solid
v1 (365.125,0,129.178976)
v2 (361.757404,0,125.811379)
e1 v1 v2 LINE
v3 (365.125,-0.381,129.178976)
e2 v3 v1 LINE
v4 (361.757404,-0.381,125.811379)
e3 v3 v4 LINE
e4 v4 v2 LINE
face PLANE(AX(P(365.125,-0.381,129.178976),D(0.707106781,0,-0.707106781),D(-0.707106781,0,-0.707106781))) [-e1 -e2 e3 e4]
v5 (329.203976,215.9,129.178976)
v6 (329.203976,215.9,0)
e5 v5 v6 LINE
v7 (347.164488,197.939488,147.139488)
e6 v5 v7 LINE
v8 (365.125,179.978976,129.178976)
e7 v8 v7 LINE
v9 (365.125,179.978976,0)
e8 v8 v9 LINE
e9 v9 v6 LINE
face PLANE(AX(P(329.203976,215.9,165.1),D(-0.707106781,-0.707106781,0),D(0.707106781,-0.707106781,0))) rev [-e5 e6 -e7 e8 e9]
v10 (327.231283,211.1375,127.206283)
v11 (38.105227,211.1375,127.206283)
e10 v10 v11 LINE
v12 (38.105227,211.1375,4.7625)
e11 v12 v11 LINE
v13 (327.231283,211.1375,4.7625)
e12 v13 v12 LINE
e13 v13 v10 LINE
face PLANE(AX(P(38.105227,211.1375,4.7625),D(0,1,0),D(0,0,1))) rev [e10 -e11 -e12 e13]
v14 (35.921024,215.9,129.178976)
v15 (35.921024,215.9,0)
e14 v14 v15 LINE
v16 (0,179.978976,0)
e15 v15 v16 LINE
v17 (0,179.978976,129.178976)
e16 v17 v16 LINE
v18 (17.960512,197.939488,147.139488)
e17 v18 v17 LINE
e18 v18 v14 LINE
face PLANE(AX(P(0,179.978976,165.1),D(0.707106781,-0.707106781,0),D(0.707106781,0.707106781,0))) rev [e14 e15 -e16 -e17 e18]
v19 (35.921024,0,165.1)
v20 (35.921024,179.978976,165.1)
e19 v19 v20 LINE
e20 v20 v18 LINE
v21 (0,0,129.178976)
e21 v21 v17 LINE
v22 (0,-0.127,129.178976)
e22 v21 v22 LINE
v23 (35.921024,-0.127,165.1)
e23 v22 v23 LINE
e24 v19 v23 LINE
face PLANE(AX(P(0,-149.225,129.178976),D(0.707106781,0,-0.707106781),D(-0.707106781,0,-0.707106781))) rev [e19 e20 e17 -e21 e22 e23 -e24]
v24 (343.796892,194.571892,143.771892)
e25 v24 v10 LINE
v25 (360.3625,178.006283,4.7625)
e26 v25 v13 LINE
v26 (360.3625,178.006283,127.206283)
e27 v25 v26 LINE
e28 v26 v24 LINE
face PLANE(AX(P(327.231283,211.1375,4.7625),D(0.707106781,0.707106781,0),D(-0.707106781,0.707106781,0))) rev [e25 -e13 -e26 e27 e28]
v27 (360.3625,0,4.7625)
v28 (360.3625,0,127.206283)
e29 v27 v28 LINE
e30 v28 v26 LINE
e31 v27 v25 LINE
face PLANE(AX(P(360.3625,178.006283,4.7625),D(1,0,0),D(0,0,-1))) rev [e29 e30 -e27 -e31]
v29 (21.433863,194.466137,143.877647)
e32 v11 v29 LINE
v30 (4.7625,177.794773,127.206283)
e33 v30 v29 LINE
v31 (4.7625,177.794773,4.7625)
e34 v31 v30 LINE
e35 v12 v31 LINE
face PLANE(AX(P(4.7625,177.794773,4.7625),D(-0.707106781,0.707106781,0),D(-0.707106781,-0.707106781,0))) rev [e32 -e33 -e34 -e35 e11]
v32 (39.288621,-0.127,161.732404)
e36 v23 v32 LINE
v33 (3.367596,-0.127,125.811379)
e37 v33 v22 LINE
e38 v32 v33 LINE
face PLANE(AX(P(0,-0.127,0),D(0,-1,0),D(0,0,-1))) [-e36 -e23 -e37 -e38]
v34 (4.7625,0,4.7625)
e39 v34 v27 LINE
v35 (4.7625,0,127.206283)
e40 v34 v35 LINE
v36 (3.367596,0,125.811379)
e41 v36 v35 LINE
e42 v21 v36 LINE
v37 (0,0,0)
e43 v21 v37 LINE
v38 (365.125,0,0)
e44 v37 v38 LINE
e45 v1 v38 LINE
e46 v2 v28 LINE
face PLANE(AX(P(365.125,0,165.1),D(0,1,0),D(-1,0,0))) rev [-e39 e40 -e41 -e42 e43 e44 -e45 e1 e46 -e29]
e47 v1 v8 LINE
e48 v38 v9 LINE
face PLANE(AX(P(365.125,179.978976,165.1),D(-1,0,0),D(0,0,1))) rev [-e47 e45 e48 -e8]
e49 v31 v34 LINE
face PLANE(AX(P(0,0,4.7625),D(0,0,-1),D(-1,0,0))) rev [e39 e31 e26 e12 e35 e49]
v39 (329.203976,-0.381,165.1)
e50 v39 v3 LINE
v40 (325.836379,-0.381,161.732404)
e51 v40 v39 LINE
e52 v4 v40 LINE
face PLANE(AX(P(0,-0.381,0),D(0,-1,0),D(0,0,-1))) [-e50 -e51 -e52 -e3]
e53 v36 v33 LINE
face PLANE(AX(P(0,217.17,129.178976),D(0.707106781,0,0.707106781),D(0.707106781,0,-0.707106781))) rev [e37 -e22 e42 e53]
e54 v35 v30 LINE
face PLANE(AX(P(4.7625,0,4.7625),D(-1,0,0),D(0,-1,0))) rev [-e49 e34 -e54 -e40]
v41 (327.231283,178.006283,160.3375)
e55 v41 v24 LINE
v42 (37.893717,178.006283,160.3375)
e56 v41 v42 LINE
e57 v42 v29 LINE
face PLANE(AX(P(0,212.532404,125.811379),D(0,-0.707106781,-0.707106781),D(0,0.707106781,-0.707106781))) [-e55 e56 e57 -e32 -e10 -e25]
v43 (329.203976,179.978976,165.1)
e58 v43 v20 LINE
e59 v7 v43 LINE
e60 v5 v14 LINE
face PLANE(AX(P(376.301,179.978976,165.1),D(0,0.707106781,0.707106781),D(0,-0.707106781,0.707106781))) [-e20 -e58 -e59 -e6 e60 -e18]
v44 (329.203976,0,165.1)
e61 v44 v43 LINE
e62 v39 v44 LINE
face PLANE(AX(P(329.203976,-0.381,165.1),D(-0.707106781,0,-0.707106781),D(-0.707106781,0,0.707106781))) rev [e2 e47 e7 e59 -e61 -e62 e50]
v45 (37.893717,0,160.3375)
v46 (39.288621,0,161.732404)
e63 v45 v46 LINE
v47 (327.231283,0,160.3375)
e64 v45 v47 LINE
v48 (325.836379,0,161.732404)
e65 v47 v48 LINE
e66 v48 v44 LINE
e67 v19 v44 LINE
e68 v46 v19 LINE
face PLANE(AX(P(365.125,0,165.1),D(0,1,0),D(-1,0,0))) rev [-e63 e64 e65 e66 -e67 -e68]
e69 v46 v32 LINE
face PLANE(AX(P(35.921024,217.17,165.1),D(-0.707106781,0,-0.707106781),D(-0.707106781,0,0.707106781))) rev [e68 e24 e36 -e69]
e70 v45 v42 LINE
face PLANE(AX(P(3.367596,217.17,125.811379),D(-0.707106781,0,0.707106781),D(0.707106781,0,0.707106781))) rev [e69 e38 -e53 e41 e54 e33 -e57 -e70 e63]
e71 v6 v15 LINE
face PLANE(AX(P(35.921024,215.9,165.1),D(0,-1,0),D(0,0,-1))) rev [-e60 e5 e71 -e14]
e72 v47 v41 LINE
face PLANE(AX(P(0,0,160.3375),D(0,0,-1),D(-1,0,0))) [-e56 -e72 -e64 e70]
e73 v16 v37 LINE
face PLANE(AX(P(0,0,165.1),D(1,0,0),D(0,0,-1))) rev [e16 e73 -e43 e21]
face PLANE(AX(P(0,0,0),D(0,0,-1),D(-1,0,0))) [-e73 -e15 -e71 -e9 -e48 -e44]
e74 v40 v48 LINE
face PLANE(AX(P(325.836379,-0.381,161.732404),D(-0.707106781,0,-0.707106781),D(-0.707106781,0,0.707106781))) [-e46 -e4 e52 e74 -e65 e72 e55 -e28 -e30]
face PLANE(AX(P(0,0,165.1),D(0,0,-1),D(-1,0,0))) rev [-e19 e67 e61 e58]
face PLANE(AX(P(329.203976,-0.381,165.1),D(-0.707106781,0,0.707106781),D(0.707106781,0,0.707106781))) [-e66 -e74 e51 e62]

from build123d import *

# Parameters (mm, degrees)
BOSS_EXTRUDE3_DEPTH      = 165.1
CUT_EXTRUDE1_DEPTH       = 160.3375
BOSS_EXTRUDE4_DEPTH      = 4.7625
CUT_EXTRUDE2_DEPTH       = 11.176
CUT_EXTRUDE2_DEPTH_BACK  = 387.2865
BOSS_EXTRUDE5_DEPTH      = 365.125
CUT_EXTRUDE3_DEPTH       = 365.125
CUT_EXTRUDE4_DEPTH       = 365.125
BOSS_EXTRUDE6_DEPTH      = 1.27
BOSS_EXTRUDE6_DEPTH_BACK = 216.027
CUT_EXTRUDE5_DEPTH       = 398.907
CUT_EXTRUDE7_DEPTH       = 398.907
CUT_EXTRUDE8_DEPTH       = 216.281
BOSS_EXTRUDE7_DEPTH      = 216.281
CUT_EXTRUDE9_DEPTH       = 216.281
CUT_EXTRUDE10_DEPTH      = 2540


with BuildPart() as part:
    # Sketch13 → Boss-Extrude3 (new body)
    with BuildSketch(Plane.XY):
        Polygon((0, 0), (0, 179.978975516), (35.921024484, 215.9), (329.203975516, 215.9), (365.125, 179.978975516), (365.125, 0), align=None)
    extrude(amount=BOSS_EXTRUDE3_DEPTH)

    # Sketch14 → Cut-Extrude1 (cut)
    with BuildSketch(Plane.XY.offset(165.1)):
        Polygon((4.7625, 0), (4.7625, 177.794773237), (38.105226763, 211.1375), (327.231283425, 211.1375), (360.3625, 178.006283425), (360.3625, 0), align=None)
    extrude(amount=-CUT_EXTRUDE1_DEPTH, mode=Mode.SUBTRACT)

    # Sketch15 → Boss-Extrude4 (add)
    with BuildSketch(Plane.XY.offset(165.1)):
        Polygon((0, 0), (0, 179.978975516), (35.921024484, 215.9), (329.203975516, 215.9), (365.125, 179.978975516), (365.125, 0), align=None)
    extrude(amount=-BOSS_EXTRUDE4_DEPTH)

    # Sketch16 → Cut-Extrude2 (cut, two sides)
    with BuildSketch(Plane(origin=(365.125, 0, 0), x_dir=(0, 0, -1), z_dir=(1, 0, 0))) as cut_extrude2_sk:
        Polygon((-165.1, 179.978975516), (-129.178975516, 215.9), (-165.1, 215.9), align=None)
    extrude(amount=CUT_EXTRUDE2_DEPTH, mode=Mode.SUBTRACT)
    extrude(cut_extrude2_sk.sketch, amount=-CUT_EXTRUDE2_DEPTH_BACK, mode=Mode.SUBTRACT)

    # Sketch17 → Boss-Extrude5 (add)
    with BuildSketch(Plane(origin=(365.125, 0, 0), x_dir=(0, 0, -1), z_dir=(1, 0, 0))):
        Polygon((-165.1, 179.978975516), (-129.178975516, 215.9), (-125.81137947, 212.532403955), (-161.732403955, 176.61137947), align=None)
    extrude(amount=-BOSS_EXTRUDE5_DEPTH)

    # Sketch18 → Cut-Extrude3 (cut)
    with BuildSketch(Plane(origin=(0, 0, 0), x_dir=(-1, 0, 0), z_dir=(0, 0, -1))):
        Polygon((-365.125, 179.978975516), (-329.203975516, 215.9), (-365.125, 215.9), align=None)
        Polygon((-35.921024484, 215.9), (0, 215.9), (0, 179.978975516), align=None)
    extrude(amount=-CUT_EXTRUDE3_DEPTH, mode=Mode.SUBTRACT)

    # Sketch19 → Cut-Extrude4 (cut)
    with BuildSketch(Plane(origin=(0, 215.9, 0), x_dir=(1, 0, 0), z_dir=(0, 1, 0))):
        Polygon((0, -129.178975516), (35.921024484, -165.1), (0, -165.1), align=None)
    extrude(amount=-CUT_EXTRUDE4_DEPTH, mode=Mode.SUBTRACT)

    # Sketch20 → Boss-Extrude6 (add, two sides)
    with BuildSketch(Plane(origin=(0, 215.9, 0), x_dir=(1, 0, 0), z_dir=(0, 1, 0))) as boss_extrude6_sk:
        Polygon((0, -129.178975516), (35.921024484, -165.1), (39.28862053, -161.732403955), (3.367596045, -125.81137947), align=None)
    extrude(amount=BOSS_EXTRUDE6_DEPTH)
    extrude(boss_extrude6_sk.sketch, amount=-BOSS_EXTRUDE6_DEPTH_BACK)

    # Sketch21 → Cut-Extrude5 (cut)
    with BuildSketch(Plane(origin=(365.125, 0, 0), x_dir=(0, 0, -1), z_dir=(1, 0, 0))):
        Polygon((-165.1, 179.978975516), (-129.178975516, 215.9), (-125.060291361, 215.9), (-125.060291361, 220.601518186), (-193.24025866, 220.601518186), (-185.719207112, 179.978975516), align=None)
    extrude(amount=-CUT_EXTRUDE5_DEPTH, mode=Mode.SUBTRACT)

    # Sketch22 → Cut-Extrude7 (cut)
    with BuildSketch(Plane(origin=(0, 0, 0), x_dir=(-1, 0, 0), z_dir=(0, 0, -1))):
        Polygon((0, 179.978975516), (-35.921024484, 215.9), (-15.545950188, 236.275074296), (20.375074296, 200.354049812), align=None)
    extrude(amount=-CUT_EXTRUDE7_DEPTH, mode=Mode.SUBTRACT)

    # Sketch24 → Cut-Extrude8 (cut)
    with BuildSketch(Plane(origin=(0, 215.9, 0), x_dir=(1, 0, 0), z_dir=(0, 1, 0))):
        Polygon((329.203975516, -165.1), (365.125, -129.178975516), (387.404902752, -151.458878267), (351.483878267, -187.379902752), align=None)
    extrude(amount=-CUT_EXTRUDE8_DEPTH, mode=Mode.SUBTRACT)

    # Sketch25 → Boss-Extrude7 (add)
    with BuildSketch(Plane(origin=(0, 215.9, 0), x_dir=(1, 0, 0), z_dir=(0, 1, 0))):
        Polygon((329.203975516, -165.1), (365.125, -129.178975516), (361.757403955, -125.81137947), (325.83637947, -161.732403955), align=None)
    extrude(amount=-BOSS_EXTRUDE7_DEPTH)

    # Sketch26 → Cut-Extrude9 (cut)
    with BuildSketch(Plane(origin=(0, 0, 0), x_dir=(-1, 0, 0), z_dir=(0, 0, -1))):
        Polygon((-365.125, 179.978975516), (-329.203975516, 215.9), (-357.158082667, 243.854107151), (-393.079107151, 207.933082667), align=None)
    extrude(amount=-CUT_EXTRUDE9_DEPTH, mode=Mode.SUBTRACT)

    # Sketch27 → Cut-Extrude10 (cut)
    with BuildSketch(Plane.ZY):
        Polygon((129.178975516, 215.9), (165.1, 179.978975516), (185.560673149, 200.439648664), (149.639648664, 236.360673149), align=None)
    extrude(amount=-CUT_EXTRUDE10_DEPTH, mode=Mode.SUBTRACT)


solid = part.part
